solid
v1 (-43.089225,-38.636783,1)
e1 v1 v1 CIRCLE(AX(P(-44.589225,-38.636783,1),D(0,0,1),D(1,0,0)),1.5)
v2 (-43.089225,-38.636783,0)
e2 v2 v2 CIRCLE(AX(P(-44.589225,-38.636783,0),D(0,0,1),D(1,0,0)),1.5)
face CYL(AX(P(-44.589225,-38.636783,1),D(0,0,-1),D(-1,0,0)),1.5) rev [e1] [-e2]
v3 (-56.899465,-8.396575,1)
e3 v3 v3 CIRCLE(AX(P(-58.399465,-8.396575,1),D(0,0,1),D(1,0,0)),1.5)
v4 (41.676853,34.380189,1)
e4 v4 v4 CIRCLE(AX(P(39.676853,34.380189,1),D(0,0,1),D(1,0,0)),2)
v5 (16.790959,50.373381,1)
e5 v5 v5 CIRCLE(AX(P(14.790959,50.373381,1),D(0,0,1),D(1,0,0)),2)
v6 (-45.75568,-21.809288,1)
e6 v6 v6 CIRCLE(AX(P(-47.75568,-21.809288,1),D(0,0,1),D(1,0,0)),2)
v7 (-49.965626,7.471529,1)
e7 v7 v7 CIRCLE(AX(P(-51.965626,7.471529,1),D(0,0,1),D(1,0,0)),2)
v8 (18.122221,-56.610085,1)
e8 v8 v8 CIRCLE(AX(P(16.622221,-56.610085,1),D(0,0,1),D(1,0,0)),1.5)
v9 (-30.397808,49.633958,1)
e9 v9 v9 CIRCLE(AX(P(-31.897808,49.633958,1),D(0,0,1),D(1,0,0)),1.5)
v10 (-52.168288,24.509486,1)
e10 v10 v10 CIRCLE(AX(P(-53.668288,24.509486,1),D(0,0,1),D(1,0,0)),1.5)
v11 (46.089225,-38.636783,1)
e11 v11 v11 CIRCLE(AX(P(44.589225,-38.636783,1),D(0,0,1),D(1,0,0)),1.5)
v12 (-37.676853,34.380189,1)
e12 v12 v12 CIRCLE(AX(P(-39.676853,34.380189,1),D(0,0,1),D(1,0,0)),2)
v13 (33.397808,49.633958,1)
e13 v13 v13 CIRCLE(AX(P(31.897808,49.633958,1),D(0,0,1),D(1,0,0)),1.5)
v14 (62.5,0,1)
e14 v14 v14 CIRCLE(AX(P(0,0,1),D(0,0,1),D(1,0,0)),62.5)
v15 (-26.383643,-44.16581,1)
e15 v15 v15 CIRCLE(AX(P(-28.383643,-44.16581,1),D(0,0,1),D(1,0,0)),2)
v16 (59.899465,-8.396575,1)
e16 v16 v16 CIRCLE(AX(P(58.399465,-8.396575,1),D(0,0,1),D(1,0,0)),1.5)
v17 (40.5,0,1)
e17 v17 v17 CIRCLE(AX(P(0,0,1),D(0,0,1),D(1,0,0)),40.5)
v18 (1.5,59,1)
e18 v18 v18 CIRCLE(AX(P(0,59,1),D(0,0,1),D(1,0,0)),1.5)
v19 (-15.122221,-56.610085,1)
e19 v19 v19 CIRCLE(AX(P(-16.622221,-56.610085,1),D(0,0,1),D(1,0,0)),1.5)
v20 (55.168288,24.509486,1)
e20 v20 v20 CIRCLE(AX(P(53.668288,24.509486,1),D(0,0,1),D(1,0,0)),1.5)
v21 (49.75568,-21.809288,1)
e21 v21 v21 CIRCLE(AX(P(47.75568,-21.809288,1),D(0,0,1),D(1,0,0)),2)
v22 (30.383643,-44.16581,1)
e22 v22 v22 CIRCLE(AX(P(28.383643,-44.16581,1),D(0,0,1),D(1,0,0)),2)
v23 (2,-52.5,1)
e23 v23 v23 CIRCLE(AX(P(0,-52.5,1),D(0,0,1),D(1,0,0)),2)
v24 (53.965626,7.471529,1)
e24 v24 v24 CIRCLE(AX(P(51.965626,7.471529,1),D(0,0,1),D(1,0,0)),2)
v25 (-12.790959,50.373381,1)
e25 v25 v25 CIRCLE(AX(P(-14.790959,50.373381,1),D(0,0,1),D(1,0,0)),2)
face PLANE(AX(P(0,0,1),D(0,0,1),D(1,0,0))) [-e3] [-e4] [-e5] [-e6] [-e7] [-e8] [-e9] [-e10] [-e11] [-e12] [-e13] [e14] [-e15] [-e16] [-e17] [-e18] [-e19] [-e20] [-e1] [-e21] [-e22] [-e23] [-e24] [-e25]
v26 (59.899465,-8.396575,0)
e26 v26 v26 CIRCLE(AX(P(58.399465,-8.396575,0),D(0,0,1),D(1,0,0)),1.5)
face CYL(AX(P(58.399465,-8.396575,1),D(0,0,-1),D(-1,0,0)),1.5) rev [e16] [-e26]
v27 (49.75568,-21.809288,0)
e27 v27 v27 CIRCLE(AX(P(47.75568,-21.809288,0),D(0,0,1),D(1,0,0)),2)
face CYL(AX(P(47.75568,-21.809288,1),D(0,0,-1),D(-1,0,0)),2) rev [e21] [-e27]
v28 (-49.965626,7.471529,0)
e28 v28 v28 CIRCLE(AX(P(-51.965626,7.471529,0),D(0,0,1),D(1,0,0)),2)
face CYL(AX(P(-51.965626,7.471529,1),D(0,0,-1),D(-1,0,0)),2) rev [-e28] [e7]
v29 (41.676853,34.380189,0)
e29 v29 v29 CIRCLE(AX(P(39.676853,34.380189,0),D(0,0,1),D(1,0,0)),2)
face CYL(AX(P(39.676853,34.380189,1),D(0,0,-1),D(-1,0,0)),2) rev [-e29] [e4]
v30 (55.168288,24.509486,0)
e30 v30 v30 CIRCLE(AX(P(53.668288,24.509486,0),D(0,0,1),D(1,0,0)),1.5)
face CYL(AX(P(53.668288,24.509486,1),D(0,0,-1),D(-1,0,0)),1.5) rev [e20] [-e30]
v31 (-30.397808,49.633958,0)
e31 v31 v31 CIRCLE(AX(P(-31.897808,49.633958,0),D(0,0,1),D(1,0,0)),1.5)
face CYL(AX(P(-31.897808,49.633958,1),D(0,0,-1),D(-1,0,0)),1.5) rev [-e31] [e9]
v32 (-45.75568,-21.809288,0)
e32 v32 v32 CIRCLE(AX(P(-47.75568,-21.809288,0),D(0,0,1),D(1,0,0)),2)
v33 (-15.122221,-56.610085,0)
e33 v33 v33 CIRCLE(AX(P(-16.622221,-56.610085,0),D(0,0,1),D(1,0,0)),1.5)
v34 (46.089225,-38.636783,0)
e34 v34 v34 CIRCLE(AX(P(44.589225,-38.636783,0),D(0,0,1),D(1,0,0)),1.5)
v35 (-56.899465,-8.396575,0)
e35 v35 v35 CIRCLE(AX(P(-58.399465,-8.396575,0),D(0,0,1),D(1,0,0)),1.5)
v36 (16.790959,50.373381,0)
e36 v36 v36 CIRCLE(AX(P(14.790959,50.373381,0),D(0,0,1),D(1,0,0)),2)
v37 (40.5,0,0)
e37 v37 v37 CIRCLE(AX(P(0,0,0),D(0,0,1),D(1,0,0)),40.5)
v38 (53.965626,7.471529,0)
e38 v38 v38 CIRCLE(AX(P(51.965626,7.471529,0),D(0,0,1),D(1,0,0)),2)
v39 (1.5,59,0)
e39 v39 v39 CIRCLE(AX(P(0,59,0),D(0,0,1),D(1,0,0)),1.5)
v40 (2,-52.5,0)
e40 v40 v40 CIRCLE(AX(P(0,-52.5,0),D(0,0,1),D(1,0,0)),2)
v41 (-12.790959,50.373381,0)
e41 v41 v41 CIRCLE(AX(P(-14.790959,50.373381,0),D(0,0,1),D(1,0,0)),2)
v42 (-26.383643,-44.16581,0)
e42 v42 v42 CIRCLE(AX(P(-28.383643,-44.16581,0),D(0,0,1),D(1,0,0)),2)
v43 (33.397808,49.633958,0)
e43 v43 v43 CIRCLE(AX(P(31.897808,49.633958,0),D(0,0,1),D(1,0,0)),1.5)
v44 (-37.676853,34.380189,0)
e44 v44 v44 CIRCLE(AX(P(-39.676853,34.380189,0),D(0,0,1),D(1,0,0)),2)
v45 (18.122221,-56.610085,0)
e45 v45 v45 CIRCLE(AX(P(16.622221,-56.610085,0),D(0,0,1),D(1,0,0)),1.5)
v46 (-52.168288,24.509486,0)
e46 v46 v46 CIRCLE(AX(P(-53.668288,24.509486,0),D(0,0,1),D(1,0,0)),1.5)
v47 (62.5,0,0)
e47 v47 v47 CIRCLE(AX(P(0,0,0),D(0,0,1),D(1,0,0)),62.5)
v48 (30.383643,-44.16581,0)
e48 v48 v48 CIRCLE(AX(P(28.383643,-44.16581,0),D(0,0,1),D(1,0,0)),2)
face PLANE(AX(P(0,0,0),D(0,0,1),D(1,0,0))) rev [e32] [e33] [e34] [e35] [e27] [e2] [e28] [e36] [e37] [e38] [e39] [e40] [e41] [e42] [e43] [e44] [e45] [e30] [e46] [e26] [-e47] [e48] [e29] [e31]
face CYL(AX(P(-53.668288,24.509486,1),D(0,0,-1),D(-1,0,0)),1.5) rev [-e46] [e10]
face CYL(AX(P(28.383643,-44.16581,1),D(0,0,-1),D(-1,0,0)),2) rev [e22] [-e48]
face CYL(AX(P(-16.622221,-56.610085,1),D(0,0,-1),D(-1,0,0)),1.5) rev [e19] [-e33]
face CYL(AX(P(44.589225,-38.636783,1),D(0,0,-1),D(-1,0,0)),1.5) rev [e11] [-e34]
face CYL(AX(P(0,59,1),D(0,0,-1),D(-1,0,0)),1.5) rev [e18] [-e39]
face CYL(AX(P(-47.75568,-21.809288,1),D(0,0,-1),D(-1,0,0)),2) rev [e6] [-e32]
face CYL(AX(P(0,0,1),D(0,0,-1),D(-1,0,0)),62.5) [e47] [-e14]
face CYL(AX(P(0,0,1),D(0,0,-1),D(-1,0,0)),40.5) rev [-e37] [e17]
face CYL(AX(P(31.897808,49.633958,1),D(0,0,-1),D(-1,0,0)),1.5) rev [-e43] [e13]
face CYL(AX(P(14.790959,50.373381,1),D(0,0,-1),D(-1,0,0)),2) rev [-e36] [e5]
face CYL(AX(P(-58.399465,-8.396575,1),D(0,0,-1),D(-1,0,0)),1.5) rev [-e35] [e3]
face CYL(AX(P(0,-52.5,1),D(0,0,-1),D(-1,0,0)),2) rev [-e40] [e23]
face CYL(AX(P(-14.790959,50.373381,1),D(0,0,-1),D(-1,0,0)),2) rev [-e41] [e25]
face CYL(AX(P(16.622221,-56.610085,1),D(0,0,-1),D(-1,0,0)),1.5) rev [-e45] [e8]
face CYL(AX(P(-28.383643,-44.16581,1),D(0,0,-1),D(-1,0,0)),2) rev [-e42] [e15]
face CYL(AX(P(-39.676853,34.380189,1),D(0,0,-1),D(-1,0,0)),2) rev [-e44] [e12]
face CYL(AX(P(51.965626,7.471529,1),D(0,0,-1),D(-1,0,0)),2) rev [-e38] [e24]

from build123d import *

# Parameters (mm, degrees)
SKETCH_1_R      = 62.5
SKETCH_1_R_2    = 40.5
SKETCH_1_R_3    = 2
SKETCH_1_R_4    = 1.5
EXTRUDE_1_DEPTH = 1


with BuildPart() as part:
    # 草图1 → 凸台-拉伸1 (new body)
    with BuildSketch(Plane.XY):
        Circle(SKETCH_1_R)
        Circle(SKETCH_1_R_2, mode=Mode.SUBTRACT)
        with Locations((0, -52.5)):
            Circle(SKETCH_1_R_3, mode=Mode.SUBTRACT)
        with Locations((-28.383642916, -44.165810474)):
            Circle(SKETCH_1_R_3, mode=Mode.SUBTRACT)
        with Locations((-47.755679756, -21.809288183)):
            Circle(SKETCH_1_R_3, mode=Mode.SUBTRACT)
        with Locations((-51.965625699, 7.471529009)):
            Circle(SKETCH_1_R_3, mode=Mode.SUBTRACT)
        with Locations((-39.676852654, 34.380188532)):
            Circle(SKETCH_1_R_3, mode=Mode.SUBTRACT)
        with Locations((-14.790959234, 50.373381115)):
            Circle(SKETCH_1_R_3, mode=Mode.SUBTRACT)
        with Locations((14.790959234, 50.373381115)):
            Circle(SKETCH_1_R_3, mode=Mode.SUBTRACT)
        with Locations((39.676852654, 34.380188532)):
            Circle(SKETCH_1_R_3, mode=Mode.SUBTRACT)
        with Locations((51.965625699, 7.471529009)):
            Circle(SKETCH_1_R_3, mode=Mode.SUBTRACT)
        with Locations((47.755679756, -21.809288183)):
            Circle(SKETCH_1_R_3, mode=Mode.SUBTRACT)
        with Locations((28.383642916, -44.165810474)):
            Circle(SKETCH_1_R_3, mode=Mode.SUBTRACT)
        with Locations((-16.622220854, -56.610085443)):
            Circle(SKETCH_1_R_4, mode=Mode.SUBTRACT)
        with Locations((-44.589224887, -38.636783303)):
            Circle(SKETCH_1_R_4, mode=Mode.SUBTRACT)
        with Locations((-58.399465071, -8.396575458)):
            Circle(SKETCH_1_R_4, mode=Mode.SUBTRACT)
        with Locations((-53.668287726, 24.509485767)):
            Circle(SKETCH_1_R_4, mode=Mode.SUBTRACT)
        with Locations((-31.89780823, 49.633958437)):
            Circle(SKETCH_1_R_4, mode=Mode.SUBTRACT)
        with Locations((0, 59)):
            Circle(SKETCH_1_R_4, mode=Mode.SUBTRACT)
        with Locations((31.89780823, 49.633958437)):
            Circle(SKETCH_1_R_4, mode=Mode.SUBTRACT)
        with Locations((53.668287726, 24.509485767)):
            Circle(SKETCH_1_R_4, mode=Mode.SUBTRACT)
        with Locations((58.399465071, -8.396575458)):
            Circle(SKETCH_1_R_4, mode=Mode.SUBTRACT)
        with Locations((44.589224887, -38.636783303)):
            Circle(SKETCH_1_R_4, mode=Mode.SUBTRACT)
        with Locations((16.622220854, -56.610085443)):
            Circle(SKETCH_1_R_4, mode=Mode.SUBTRACT)
    extrude(amount=EXTRUDE_1_DEPTH)


solid = part.part
